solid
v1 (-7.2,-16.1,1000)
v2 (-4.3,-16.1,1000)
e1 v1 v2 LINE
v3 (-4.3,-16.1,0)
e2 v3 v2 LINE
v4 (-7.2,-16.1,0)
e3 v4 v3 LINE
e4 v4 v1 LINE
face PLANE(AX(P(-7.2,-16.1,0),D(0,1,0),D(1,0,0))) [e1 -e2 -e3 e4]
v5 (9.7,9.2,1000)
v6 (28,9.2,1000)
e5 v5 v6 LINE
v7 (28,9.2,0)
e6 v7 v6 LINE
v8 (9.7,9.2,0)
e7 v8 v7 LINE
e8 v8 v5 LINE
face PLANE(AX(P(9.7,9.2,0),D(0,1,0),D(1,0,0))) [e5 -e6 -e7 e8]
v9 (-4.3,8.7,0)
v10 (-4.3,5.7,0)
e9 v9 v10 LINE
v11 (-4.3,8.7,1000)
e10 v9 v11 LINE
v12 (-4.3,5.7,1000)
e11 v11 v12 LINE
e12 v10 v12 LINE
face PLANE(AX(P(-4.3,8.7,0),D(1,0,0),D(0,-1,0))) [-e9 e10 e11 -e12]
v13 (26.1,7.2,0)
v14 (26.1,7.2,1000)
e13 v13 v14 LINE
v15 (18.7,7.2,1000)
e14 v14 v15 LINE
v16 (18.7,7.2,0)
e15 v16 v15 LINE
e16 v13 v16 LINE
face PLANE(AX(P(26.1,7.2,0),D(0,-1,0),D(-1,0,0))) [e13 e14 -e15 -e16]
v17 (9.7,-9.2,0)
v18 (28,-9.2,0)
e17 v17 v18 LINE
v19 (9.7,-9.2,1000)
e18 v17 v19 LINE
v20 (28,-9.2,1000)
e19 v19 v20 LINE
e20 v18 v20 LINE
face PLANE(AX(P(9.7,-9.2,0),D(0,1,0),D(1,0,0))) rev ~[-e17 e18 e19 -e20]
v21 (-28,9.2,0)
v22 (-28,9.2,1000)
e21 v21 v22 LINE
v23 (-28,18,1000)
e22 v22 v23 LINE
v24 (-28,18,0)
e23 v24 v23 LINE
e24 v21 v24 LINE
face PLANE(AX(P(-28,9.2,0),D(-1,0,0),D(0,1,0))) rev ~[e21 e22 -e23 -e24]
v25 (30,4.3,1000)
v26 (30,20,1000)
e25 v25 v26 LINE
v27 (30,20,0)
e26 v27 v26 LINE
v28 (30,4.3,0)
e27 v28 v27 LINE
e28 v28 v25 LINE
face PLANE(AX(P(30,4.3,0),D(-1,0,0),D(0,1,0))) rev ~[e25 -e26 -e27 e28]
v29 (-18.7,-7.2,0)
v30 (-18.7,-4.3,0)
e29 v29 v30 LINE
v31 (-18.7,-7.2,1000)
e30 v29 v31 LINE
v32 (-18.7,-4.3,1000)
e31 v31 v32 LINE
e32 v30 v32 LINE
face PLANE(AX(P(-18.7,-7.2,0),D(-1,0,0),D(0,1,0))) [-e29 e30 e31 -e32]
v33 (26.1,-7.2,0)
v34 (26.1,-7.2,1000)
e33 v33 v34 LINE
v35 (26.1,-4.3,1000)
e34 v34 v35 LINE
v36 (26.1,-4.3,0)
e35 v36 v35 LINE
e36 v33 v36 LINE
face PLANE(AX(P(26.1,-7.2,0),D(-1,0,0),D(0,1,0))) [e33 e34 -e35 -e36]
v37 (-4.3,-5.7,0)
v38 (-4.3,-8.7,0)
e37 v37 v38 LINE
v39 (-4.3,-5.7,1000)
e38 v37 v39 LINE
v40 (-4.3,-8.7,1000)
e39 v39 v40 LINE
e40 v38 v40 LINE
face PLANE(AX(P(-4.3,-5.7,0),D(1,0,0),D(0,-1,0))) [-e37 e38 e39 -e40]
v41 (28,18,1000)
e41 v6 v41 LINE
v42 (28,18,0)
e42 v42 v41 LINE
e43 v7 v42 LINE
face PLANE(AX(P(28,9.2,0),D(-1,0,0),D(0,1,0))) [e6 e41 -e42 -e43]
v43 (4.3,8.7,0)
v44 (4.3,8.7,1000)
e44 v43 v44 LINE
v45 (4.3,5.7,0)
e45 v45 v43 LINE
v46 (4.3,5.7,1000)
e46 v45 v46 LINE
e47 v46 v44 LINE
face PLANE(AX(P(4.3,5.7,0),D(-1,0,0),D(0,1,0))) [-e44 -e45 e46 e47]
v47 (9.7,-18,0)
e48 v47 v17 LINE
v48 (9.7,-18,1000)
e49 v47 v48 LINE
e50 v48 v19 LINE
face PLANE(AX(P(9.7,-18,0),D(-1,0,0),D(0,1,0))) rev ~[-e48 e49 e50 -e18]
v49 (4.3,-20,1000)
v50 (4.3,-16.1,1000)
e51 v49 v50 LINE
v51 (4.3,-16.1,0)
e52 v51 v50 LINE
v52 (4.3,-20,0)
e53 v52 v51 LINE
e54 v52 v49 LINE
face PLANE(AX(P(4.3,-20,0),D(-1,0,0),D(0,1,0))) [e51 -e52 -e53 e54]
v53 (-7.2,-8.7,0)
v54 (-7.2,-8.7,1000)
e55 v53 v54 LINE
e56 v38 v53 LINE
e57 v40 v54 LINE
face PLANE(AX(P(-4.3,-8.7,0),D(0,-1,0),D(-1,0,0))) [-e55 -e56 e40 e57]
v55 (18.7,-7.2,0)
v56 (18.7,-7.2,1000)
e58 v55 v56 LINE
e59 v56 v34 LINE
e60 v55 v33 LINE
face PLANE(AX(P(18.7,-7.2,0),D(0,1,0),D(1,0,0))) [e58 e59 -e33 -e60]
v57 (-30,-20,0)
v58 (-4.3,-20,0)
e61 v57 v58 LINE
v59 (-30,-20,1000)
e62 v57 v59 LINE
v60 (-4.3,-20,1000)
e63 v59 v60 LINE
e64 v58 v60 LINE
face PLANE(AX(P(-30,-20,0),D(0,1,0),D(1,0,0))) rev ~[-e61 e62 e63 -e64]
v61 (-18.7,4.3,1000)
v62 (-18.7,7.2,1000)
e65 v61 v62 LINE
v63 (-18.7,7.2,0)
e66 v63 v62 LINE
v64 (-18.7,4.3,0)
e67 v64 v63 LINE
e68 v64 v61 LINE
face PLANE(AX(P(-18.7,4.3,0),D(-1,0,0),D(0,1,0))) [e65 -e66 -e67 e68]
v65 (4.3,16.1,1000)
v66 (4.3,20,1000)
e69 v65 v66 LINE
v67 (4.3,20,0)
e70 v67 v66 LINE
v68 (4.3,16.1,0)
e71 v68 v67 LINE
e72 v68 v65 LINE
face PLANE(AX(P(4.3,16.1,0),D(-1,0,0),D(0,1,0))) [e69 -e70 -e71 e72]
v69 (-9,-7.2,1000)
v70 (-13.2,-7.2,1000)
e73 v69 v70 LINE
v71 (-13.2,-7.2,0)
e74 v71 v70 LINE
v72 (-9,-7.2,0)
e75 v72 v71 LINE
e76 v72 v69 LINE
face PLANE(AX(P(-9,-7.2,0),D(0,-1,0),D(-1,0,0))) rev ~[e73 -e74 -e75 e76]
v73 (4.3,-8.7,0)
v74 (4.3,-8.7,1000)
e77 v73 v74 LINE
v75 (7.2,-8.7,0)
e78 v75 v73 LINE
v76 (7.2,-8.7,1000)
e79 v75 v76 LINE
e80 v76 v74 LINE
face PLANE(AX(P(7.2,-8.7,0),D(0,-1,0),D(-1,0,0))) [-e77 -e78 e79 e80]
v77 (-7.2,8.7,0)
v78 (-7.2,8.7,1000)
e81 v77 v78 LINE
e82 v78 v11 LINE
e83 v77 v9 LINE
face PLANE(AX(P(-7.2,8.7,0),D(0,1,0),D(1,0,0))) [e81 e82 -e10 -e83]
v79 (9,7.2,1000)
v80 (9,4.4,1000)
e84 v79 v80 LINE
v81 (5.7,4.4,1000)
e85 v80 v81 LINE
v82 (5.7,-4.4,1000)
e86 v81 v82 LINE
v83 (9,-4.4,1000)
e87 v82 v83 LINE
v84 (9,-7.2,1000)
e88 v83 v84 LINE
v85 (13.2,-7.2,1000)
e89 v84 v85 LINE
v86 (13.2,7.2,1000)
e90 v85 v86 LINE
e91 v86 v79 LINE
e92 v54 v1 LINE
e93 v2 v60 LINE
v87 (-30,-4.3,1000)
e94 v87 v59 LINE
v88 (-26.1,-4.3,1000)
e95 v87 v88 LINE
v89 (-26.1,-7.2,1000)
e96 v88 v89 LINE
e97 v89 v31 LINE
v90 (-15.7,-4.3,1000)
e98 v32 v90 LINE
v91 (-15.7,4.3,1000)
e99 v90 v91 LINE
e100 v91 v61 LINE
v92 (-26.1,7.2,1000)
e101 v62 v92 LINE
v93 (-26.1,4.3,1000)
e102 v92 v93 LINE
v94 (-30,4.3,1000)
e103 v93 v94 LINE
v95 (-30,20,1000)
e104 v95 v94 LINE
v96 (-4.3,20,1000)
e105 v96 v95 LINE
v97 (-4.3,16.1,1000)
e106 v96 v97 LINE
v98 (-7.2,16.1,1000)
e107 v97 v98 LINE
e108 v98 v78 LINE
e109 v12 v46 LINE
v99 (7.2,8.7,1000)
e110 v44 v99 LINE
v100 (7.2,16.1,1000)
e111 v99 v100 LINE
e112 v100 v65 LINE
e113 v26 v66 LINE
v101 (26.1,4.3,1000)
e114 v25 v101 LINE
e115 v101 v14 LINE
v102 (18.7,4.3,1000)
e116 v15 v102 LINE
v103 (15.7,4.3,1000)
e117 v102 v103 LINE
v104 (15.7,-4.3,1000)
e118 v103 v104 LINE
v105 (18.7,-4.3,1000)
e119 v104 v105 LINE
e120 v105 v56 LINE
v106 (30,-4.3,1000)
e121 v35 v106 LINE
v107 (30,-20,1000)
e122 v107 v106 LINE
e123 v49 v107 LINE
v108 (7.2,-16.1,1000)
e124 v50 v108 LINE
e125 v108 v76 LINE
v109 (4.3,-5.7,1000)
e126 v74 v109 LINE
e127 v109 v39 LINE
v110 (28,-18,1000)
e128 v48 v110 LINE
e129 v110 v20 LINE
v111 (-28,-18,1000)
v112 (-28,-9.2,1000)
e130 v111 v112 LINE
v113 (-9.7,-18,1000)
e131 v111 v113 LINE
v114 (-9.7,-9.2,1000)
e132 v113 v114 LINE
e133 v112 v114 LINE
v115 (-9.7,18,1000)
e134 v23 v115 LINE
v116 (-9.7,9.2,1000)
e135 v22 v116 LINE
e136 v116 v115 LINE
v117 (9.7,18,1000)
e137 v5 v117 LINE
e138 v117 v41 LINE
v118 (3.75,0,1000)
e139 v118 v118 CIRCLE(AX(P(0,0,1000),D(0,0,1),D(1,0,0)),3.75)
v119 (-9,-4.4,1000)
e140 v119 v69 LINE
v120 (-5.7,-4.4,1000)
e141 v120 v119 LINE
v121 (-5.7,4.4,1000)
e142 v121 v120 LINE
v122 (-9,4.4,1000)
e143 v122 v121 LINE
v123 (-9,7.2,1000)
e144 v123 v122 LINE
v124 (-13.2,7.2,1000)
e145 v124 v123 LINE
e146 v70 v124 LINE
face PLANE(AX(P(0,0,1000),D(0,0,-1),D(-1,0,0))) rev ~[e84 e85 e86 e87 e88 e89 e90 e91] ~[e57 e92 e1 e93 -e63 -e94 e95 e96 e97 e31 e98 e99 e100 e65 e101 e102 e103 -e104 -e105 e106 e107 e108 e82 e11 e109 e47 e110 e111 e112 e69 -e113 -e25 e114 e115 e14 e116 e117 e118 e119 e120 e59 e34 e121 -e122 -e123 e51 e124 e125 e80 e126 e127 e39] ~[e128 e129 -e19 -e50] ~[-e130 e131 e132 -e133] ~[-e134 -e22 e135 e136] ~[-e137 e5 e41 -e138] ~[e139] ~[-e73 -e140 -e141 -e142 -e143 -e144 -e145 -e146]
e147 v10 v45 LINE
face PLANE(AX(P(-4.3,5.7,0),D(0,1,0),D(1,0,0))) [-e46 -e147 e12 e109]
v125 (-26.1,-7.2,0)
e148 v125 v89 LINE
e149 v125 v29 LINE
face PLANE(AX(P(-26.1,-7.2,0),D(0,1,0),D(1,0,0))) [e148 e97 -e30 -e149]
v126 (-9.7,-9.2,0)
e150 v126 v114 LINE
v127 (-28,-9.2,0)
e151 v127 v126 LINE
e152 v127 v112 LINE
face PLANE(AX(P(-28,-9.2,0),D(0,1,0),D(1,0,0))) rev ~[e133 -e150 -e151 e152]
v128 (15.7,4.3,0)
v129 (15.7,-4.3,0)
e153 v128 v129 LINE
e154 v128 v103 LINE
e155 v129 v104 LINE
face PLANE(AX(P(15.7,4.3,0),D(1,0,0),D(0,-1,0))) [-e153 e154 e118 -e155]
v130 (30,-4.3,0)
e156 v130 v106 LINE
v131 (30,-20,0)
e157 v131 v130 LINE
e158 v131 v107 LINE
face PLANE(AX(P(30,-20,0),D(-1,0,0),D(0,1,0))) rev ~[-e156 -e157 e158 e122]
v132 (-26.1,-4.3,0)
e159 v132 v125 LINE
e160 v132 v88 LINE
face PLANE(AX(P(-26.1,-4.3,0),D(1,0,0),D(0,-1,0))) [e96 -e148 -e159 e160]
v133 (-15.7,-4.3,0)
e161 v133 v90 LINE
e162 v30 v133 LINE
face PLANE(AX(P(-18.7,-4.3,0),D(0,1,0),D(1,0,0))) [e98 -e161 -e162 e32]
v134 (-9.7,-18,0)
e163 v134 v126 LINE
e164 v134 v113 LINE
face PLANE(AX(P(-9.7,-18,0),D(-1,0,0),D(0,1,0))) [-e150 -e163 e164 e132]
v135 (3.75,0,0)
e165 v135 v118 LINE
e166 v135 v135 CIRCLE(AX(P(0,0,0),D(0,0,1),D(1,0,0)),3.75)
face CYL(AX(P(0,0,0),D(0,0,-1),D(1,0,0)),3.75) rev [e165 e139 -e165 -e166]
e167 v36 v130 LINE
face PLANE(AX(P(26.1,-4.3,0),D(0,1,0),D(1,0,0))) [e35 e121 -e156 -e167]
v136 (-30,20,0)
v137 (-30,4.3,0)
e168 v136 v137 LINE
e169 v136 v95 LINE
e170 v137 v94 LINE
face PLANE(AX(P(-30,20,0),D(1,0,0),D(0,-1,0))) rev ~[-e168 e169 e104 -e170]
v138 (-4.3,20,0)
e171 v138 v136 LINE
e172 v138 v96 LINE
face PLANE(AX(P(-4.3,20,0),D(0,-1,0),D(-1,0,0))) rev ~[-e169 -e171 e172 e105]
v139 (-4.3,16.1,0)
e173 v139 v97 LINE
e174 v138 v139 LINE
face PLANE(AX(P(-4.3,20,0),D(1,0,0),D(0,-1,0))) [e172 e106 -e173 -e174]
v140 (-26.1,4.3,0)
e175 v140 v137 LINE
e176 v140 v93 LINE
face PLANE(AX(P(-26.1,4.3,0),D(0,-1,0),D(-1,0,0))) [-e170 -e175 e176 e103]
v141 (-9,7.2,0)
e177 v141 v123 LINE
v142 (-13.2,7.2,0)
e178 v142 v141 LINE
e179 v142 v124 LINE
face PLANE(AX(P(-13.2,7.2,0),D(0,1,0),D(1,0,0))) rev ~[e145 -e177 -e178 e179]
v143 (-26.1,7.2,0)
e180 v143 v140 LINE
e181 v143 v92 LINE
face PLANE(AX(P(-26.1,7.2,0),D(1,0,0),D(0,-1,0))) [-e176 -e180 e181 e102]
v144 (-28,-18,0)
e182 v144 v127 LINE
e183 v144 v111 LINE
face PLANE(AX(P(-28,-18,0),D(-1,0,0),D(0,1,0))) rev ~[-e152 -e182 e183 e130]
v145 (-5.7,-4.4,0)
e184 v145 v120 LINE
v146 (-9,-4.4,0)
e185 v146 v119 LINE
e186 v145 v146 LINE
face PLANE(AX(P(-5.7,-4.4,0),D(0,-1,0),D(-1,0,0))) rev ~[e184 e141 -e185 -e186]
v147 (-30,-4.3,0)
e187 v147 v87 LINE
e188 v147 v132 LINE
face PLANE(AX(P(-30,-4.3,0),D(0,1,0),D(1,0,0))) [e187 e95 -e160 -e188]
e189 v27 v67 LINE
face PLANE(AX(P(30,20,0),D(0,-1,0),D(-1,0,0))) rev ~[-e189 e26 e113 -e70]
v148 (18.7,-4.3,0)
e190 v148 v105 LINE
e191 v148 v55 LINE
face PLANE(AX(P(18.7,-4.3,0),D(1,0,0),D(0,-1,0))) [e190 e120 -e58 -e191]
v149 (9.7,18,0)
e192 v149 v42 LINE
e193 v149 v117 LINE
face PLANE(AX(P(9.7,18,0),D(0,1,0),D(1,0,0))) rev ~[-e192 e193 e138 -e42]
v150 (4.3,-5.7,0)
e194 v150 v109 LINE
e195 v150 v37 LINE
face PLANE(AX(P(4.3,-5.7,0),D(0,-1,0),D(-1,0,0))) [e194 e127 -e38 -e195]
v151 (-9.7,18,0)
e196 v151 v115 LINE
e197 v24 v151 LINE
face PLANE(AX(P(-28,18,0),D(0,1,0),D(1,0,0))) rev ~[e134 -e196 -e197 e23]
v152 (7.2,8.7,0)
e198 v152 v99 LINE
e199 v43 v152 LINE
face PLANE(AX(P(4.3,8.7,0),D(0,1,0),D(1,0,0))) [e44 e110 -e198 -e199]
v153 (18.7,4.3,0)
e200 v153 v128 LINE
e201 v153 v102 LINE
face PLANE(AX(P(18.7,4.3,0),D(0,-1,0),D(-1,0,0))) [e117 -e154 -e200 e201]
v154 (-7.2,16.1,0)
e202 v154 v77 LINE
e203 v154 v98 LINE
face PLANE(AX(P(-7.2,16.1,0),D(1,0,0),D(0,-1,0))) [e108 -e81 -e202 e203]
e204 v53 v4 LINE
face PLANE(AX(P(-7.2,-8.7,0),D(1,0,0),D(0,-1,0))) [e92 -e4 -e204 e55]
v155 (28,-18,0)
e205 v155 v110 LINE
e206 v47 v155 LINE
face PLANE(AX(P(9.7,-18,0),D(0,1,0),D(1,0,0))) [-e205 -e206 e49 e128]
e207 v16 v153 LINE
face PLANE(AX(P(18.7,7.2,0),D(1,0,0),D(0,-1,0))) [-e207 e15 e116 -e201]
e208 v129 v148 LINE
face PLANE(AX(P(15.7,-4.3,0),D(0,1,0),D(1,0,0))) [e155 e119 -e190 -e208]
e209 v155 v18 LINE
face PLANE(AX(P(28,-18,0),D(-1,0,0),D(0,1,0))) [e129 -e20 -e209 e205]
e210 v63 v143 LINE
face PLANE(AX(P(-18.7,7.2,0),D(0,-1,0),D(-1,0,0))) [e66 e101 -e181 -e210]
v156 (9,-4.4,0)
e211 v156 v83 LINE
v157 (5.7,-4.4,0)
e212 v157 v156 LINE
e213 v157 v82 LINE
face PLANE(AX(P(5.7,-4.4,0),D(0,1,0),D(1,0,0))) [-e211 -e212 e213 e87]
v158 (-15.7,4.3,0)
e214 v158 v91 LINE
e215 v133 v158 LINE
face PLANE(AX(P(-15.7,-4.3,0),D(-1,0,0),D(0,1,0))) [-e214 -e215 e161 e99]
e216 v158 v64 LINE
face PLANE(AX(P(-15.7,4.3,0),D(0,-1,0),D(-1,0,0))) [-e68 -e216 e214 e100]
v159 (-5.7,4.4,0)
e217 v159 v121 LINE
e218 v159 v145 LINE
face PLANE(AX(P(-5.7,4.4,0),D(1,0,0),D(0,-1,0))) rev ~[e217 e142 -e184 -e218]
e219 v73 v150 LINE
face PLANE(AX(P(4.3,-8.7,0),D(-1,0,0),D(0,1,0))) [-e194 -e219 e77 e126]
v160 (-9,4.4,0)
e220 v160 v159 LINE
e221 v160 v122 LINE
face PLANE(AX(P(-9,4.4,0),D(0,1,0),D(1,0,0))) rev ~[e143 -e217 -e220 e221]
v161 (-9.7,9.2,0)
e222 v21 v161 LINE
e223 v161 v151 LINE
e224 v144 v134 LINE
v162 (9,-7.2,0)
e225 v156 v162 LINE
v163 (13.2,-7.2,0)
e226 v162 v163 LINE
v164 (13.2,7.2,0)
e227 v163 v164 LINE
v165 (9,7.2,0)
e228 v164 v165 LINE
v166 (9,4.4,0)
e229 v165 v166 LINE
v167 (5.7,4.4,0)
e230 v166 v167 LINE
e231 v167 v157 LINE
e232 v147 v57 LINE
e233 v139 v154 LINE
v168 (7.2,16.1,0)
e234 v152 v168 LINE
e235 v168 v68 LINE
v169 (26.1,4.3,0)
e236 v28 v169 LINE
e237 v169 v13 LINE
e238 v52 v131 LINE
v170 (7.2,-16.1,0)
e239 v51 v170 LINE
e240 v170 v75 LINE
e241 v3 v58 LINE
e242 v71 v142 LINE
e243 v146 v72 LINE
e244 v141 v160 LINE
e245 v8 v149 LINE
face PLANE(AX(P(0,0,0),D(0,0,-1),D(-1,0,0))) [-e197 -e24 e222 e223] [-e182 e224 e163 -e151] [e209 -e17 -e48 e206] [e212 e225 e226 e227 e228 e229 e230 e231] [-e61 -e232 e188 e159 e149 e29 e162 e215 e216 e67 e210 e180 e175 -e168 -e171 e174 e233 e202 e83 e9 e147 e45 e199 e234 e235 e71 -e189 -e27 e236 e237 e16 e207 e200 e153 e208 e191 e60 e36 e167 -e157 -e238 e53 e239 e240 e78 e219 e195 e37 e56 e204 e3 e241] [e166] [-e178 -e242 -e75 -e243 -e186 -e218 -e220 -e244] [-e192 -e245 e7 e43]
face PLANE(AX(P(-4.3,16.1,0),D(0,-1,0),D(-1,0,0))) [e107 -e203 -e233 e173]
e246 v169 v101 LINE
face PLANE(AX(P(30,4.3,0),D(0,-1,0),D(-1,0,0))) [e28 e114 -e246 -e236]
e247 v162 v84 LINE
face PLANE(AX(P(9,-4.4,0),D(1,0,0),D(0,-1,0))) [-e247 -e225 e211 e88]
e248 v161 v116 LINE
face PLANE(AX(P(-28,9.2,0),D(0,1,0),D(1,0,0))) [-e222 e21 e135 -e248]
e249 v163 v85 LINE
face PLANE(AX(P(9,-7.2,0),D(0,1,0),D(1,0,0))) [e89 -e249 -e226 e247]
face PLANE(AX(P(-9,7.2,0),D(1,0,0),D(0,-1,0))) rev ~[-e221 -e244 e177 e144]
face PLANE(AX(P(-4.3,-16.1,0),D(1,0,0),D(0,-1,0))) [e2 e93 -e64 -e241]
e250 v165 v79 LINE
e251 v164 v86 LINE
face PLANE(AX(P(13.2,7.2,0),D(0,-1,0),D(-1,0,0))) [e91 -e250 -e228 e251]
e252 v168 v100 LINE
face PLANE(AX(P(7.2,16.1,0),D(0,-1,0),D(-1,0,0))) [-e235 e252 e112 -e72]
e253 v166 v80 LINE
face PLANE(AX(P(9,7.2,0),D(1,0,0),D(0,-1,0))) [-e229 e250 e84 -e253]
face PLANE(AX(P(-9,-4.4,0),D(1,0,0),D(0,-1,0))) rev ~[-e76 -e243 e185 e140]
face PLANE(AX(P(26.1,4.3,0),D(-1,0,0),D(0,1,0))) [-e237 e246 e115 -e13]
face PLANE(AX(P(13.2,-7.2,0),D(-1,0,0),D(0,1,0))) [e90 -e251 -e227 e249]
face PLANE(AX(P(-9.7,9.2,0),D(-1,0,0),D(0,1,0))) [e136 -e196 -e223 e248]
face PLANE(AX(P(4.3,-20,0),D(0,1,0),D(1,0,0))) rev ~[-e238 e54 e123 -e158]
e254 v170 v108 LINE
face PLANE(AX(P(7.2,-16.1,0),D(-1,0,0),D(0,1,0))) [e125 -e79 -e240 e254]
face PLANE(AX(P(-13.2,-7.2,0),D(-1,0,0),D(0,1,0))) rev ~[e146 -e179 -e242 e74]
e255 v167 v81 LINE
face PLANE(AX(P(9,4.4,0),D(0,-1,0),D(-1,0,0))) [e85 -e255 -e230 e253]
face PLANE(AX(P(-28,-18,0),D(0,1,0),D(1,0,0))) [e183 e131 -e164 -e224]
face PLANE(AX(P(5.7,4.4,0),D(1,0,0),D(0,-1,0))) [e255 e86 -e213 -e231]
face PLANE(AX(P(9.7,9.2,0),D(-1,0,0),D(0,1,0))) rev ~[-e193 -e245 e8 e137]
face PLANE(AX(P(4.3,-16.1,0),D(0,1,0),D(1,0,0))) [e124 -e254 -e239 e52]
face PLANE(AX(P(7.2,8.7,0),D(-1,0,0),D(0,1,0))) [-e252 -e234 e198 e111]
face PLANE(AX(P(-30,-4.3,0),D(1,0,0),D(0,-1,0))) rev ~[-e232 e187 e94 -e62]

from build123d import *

# Parameters (mm, degrees)
SKETCH_1_R      = 3.75
SKETCH_1_W      = 18.3
SKETCH_1_H      = 8.8
EXTRUDE_1_DEPTH = 1000


with BuildPart() as part:
    # Эскиз1 → Бобышка-Вытянуть1 (new body)
    with BuildSketch(Plane.XY):
        Polygon((-30, 7.2), (-30, 20), (-7.2, 20), (-4.3, 20), (-4.3, 16.1), (-7.2, 16.1), (-7.2, 8.7), (-4.3, 8.7), (-4.3, 5.7), (4.3, 5.7), (4.3, 8.7), (7.2, 8.7), (7.2, 16.1), (4.3, 16.1), (4.3, 20), (7.2, 20), (30, 20), (30, 7.2), (30, 4.3), (26.1, 4.3), (26.1, 7.2), (18.7, 7.2), (18.7, 4.3), (15.7, 4.3), (15.7, -4.3), (18.7, -4.3), (18.7, -7.2), (26.1, -7.2), (26.1, -4.3), (30, -4.3), (30, -7.2), (30, -20), (7.2, -20), (4.3, -20), (4.3, -16.1), (7.2, -16.1), (7.2, -8.7), (4.3, -8.7), (4.3, -5.7), (-4.3, -5.7), (-4.3, -8.7), (-7.2, -8.7), (-7.2, -16.1), (-4.3, -16.1), (-4.3, -20), (-7.2, -20), (-30, -20), (-30, -7.2), (-30, -4.3), (-26.1, -4.3), (-26.1, -7.2), (-18.7, -7.2), (-18.7, -4.3), (-15.7, -4.3), (-15.7, 4.3), (-18.7, 4.3), (-18.7, 7.2), (-26.1, 7.2), (-26.1, 4.3), (-30, 4.3), align=None)
        Circle(SKETCH_1_R, mode=Mode.SUBTRACT)
        Polygon((-13.2, -7.2), (-13.2, 7.2), (-9, 7.2), (-9, 4.4), (-5.7, 4.4), (-5.7, -4.4), (-9, -4.4), (-9, -7.2), align=None, mode=Mode.SUBTRACT)
        with Locations((-18.85, 13.6)):
            Rectangle(SKETCH_1_W, SKETCH_1_H, mode=Mode.SUBTRACT)
        with Locations((-18.85, -13.6)):
            Rectangle(SKETCH_1_W, SKETCH_1_H, mode=Mode.SUBTRACT)
        with Locations((18.85, -13.6)):
            Rectangle(SKETCH_1_W, SKETCH_1_H, mode=Mode.SUBTRACT)
        Polygon((9, 4.4), (5.7, 4.4), (5.7, -4.4), (9, -4.4), (9, -7.2), (13.2, -7.2), (13.2, 7.2), (9, 7.2), align=None, mode=Mode.SUBTRACT)
        with Locations((18.85, 13.6)):
            Rectangle(SKETCH_1_W, SKETCH_1_H, mode=Mode.SUBTRACT)
    extrude(amount=EXTRUDE_1_DEPTH)


solid = part.part
